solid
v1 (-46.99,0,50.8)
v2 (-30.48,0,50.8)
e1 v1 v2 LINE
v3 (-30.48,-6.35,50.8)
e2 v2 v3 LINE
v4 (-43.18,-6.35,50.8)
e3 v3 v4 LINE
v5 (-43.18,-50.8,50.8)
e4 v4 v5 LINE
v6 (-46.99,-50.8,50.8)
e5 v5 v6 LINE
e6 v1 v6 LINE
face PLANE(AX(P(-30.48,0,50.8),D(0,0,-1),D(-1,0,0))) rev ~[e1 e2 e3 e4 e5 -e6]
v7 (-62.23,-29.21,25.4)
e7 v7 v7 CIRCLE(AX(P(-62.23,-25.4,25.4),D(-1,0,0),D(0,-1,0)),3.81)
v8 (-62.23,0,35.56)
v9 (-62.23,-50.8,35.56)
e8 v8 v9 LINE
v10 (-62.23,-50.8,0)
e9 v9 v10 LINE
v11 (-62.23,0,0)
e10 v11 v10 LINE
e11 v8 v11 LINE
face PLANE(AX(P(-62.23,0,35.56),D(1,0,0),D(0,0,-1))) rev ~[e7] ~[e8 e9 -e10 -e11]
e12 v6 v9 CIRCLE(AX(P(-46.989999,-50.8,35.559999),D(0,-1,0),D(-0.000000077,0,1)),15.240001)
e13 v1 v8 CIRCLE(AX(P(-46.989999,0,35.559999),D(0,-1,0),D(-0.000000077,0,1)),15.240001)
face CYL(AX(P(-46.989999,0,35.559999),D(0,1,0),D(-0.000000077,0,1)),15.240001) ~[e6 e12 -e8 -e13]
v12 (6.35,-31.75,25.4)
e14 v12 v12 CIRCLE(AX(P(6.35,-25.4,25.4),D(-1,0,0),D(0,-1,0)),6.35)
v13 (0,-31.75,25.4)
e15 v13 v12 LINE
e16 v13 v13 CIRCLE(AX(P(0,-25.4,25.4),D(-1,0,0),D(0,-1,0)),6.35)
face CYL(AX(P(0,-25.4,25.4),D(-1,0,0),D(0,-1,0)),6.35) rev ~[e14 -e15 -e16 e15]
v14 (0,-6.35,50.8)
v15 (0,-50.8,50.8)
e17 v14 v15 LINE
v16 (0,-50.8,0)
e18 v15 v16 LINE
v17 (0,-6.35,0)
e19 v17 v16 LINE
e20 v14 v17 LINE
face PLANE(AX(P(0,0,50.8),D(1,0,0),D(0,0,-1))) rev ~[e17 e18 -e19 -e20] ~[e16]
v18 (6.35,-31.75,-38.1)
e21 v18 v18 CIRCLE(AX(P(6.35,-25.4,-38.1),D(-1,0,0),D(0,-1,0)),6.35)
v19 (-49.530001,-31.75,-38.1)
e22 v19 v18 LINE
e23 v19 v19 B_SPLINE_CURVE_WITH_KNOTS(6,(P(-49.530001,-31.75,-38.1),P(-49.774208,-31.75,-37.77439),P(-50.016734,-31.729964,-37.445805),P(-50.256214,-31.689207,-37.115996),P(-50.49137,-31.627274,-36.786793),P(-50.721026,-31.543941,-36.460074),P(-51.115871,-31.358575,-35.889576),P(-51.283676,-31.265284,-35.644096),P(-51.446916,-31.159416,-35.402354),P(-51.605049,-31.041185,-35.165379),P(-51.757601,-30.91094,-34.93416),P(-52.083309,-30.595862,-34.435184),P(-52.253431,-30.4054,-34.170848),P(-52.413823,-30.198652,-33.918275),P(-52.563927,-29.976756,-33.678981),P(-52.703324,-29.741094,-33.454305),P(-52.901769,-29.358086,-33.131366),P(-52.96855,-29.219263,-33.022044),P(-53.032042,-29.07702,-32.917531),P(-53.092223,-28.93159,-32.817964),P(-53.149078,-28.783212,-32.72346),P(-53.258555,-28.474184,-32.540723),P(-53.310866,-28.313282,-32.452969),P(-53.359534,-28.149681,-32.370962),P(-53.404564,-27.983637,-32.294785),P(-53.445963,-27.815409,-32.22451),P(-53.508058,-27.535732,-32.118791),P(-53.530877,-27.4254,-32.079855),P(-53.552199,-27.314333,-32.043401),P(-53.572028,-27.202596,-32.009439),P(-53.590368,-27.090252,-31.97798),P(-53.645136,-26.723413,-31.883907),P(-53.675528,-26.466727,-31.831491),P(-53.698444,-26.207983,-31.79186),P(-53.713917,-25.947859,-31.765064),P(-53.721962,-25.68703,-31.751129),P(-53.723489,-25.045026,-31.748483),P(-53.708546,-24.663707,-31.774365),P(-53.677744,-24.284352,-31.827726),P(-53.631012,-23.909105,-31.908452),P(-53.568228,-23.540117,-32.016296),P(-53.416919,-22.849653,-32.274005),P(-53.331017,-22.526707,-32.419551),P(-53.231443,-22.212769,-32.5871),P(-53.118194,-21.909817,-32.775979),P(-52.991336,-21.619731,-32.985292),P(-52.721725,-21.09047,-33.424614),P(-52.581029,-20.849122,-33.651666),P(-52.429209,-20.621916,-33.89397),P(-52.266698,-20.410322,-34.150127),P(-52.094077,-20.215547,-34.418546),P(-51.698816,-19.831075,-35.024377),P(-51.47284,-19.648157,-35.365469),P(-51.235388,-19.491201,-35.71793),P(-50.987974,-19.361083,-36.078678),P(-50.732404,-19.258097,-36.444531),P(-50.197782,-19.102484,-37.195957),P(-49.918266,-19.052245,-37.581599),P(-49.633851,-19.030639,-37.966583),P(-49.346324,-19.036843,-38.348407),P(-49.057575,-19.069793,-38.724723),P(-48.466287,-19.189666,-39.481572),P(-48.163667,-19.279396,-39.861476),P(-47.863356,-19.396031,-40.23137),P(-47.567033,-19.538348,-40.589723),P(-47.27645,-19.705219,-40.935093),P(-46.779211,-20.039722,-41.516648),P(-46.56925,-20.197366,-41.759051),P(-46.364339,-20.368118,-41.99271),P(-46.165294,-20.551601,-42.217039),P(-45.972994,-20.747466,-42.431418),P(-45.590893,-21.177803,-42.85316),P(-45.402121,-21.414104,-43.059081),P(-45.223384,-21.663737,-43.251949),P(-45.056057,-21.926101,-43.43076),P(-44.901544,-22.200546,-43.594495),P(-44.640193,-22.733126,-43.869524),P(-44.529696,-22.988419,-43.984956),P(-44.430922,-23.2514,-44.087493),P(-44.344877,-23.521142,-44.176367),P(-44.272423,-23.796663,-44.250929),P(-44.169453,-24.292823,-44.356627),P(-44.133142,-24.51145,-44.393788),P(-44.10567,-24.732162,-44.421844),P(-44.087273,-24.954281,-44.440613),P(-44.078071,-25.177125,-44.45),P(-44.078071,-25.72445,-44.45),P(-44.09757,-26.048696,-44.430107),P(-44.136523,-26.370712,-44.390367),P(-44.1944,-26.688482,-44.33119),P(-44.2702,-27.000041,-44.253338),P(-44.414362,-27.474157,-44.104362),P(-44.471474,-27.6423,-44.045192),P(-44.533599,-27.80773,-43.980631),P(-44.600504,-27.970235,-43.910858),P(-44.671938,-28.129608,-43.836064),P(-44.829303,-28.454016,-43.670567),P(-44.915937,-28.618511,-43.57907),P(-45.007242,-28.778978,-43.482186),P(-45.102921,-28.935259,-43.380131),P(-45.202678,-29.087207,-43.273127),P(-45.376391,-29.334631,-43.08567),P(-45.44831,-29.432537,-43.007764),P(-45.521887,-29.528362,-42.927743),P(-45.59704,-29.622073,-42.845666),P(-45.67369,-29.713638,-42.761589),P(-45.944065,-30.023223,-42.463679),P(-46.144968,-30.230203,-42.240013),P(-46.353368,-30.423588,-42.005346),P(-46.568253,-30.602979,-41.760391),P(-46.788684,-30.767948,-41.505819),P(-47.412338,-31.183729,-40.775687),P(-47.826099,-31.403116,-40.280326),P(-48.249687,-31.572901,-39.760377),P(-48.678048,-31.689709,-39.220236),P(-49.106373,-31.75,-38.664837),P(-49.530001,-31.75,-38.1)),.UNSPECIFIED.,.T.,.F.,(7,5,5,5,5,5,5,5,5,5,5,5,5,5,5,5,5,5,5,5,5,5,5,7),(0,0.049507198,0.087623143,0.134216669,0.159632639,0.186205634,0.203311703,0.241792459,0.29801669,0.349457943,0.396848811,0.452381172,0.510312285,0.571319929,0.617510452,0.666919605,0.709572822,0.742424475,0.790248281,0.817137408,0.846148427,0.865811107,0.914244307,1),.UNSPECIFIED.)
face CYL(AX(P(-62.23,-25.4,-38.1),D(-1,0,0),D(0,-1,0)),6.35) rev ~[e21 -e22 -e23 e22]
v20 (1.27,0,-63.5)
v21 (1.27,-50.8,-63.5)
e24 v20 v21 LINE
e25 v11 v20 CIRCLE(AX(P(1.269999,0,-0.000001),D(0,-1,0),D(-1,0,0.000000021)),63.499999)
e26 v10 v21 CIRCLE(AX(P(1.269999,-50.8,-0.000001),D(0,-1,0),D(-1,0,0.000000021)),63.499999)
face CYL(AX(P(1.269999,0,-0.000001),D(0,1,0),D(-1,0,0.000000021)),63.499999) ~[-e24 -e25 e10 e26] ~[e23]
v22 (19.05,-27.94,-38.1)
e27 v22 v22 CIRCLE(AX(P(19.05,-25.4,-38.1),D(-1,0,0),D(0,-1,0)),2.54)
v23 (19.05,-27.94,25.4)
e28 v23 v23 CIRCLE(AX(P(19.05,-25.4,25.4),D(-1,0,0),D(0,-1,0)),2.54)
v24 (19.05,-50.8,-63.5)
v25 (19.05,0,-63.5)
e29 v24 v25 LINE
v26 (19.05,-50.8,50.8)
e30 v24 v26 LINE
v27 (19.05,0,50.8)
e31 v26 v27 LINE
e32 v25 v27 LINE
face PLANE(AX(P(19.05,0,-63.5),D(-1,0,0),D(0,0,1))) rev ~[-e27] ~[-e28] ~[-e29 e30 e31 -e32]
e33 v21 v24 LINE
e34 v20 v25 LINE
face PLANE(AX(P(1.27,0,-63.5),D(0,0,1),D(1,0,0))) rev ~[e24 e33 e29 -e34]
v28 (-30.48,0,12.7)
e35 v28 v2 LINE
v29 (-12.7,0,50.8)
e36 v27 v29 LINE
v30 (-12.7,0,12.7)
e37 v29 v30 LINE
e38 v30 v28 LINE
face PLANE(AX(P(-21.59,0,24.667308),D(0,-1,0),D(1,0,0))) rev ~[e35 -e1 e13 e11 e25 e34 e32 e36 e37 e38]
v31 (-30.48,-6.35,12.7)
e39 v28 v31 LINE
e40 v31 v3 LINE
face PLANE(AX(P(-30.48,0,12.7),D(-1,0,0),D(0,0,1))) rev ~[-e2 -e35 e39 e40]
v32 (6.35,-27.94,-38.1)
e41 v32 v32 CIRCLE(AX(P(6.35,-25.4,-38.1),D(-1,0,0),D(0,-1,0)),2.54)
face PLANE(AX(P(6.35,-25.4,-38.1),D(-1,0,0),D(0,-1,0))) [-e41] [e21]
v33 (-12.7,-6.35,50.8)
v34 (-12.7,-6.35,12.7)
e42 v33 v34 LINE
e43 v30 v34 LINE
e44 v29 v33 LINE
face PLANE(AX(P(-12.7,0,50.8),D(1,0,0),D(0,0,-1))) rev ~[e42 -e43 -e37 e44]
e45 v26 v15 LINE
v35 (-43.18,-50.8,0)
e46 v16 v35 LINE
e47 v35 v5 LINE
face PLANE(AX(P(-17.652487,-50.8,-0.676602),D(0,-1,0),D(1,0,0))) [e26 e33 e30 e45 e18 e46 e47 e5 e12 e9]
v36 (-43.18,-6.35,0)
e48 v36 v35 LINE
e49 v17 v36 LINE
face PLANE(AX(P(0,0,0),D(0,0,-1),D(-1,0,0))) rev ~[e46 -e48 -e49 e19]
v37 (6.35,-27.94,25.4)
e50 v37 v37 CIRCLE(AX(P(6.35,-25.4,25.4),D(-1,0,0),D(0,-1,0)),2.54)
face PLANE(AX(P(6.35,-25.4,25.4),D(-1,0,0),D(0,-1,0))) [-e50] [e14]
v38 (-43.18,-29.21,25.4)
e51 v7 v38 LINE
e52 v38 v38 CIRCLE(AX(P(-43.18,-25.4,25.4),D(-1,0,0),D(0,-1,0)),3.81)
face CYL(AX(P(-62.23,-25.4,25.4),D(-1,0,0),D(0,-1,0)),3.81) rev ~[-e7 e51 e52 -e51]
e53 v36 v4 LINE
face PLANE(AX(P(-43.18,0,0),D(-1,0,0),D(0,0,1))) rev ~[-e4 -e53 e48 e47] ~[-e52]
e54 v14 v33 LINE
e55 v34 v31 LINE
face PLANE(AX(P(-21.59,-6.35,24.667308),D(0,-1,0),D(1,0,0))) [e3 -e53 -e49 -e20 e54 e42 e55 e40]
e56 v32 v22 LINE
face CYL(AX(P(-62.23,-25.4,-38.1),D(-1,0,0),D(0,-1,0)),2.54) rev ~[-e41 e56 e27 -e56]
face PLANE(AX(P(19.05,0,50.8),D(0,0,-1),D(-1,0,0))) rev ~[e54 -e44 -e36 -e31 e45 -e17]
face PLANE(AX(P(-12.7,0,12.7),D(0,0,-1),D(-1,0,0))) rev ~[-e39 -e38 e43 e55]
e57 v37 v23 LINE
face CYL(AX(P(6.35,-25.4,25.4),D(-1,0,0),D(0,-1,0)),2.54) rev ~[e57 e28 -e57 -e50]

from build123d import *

# Parameters (mm, degrees)
F1_DEPTH  = 50.8
F2_DEPTH  = 6.35
F3_R      = 3.81
F4_DEPTH  = 19.05
F5_R      = 6.35
F6_DEPTH  = 6.35
F7_R      = 2.54
F8_DEPTH  = 12.701
F9_R      = 2.54
F10_DEPTH = 81.281
F9_R_2    = 6.35
F11_DEPTH = 68.58


with BuildPart() as f1:
    # F0 (on Front) → F1 (new body)
    with BuildSketch(Plane.XZ):
        with BuildLine():
            Line((0, 50.8), (0, 0))
            Line((0, 0), (-43.18, 0))
            Line((-43.18, 0), (-43.18, 50.8))
            Line((-43.18, 50.8), (-46.99, 50.8))
            ThreePointArc((-46.99, 50.8), (-57.766307, 46.336307), (-62.23, 35.56))
            Line((-62.23, 35.56), (-62.23, 0))
            ThreePointArc((-62.23, 0), (-43.631281, -44.901281), (1.27, -63.5))
            Line((1.27, -63.5), (19.05, -63.5))
            Line((19.05, -63.5), (19.05, 50.8))
            Line((19.05, 50.8), (0, 50.8))
        make_face()
    extrude(amount=F1_DEPTH)

    # F0 (on Front) → F2 (join)
    with BuildSketch(Plane.XZ):
        Polygon((-43.18, 0), (0, 0), (0, 50.8), (-12.7, 50.8), (-12.7, 12.7), (-30.48, 12.7), (-30.48, 50.8), (-43.18, 50.8), align=None)
        with BuildLine():
            Line((0, 50.8), (0, 0))
            Line((0, 0), (-43.18, 0))
            Line((-43.18, 0), (-43.18, 50.8))
            Line((-43.18, 50.8), (-46.99, 50.8))
            ThreePointArc((-46.99, 50.8), (-57.766307, 46.336307), (-62.23, 35.56))
            Line((-62.23, 35.56), (-62.23, 0))
            ThreePointArc((-62.23, 0), (-43.631281, -44.901281), (1.27, -63.5))
            Line((1.27, -63.5), (19.05, -63.5))
            Line((19.05, -63.5), (19.05, 50.8))
            Line((19.05, 50.8), (0, 50.8))
        make_face()
    extrude(amount=F2_DEPTH)

    # F3 (on face) → F4 (cut, through all)
    with BuildSketch(Plane(origin=(-62.23, 0, 0), x_dir=(0, -1, 0), z_dir=(-1, 0, 0))):
        with Locations((25.4, 25.4)):
            Circle(F3_R)
    extrude(amount=-F4_DEPTH, mode=Mode.SUBTRACT)

    # F5 (on face) → F6 (cut)
    with BuildSketch(Plane(origin=(0, 0, 0), x_dir=(0, -1, 0), z_dir=(-1, 0, 0))):
        with Locations((25.4, 25.4)):
            Circle(F5_R)
    extrude(amount=-F6_DEPTH, mode=Mode.SUBTRACT)

    # F7 (on face) → F8 (cut, through all)
    with BuildSketch(Plane(origin=(6.35, 0, 0), x_dir=(0, -1, 0), z_dir=(-1, 0, 0))):
        with Locations((25.4, 25.4)):
            Circle(F7_R)
    extrude(amount=-F8_DEPTH, mode=Mode.SUBTRACT)

    # F9 (on face) → F10 (cut, through all)
    with BuildSketch(Plane(origin=(-62.23, 0, 0), x_dir=(0, -1, 0), z_dir=(-1, 0, 0))):
        with Locations((25.4, -38.1)):
            Circle(F9_R)
    extrude(amount=-F10_DEPTH, mode=Mode.SUBTRACT)

    # F9 (on face) → F11 (cut)
    with BuildSketch(Plane(origin=(-62.23, 0, 0), x_dir=(0, -1, 0), z_dir=(-1, 0, 0))):
        with Locations((25.4, -38.1)):
            Circle(F9_R_2)
        with Locations((25.4, -38.1)):
            Circle(F9_R, mode=Mode.SUBTRACT)
    extrude(amount=-F11_DEPTH, mode=Mode.SUBTRACT)


solid = f1.part
